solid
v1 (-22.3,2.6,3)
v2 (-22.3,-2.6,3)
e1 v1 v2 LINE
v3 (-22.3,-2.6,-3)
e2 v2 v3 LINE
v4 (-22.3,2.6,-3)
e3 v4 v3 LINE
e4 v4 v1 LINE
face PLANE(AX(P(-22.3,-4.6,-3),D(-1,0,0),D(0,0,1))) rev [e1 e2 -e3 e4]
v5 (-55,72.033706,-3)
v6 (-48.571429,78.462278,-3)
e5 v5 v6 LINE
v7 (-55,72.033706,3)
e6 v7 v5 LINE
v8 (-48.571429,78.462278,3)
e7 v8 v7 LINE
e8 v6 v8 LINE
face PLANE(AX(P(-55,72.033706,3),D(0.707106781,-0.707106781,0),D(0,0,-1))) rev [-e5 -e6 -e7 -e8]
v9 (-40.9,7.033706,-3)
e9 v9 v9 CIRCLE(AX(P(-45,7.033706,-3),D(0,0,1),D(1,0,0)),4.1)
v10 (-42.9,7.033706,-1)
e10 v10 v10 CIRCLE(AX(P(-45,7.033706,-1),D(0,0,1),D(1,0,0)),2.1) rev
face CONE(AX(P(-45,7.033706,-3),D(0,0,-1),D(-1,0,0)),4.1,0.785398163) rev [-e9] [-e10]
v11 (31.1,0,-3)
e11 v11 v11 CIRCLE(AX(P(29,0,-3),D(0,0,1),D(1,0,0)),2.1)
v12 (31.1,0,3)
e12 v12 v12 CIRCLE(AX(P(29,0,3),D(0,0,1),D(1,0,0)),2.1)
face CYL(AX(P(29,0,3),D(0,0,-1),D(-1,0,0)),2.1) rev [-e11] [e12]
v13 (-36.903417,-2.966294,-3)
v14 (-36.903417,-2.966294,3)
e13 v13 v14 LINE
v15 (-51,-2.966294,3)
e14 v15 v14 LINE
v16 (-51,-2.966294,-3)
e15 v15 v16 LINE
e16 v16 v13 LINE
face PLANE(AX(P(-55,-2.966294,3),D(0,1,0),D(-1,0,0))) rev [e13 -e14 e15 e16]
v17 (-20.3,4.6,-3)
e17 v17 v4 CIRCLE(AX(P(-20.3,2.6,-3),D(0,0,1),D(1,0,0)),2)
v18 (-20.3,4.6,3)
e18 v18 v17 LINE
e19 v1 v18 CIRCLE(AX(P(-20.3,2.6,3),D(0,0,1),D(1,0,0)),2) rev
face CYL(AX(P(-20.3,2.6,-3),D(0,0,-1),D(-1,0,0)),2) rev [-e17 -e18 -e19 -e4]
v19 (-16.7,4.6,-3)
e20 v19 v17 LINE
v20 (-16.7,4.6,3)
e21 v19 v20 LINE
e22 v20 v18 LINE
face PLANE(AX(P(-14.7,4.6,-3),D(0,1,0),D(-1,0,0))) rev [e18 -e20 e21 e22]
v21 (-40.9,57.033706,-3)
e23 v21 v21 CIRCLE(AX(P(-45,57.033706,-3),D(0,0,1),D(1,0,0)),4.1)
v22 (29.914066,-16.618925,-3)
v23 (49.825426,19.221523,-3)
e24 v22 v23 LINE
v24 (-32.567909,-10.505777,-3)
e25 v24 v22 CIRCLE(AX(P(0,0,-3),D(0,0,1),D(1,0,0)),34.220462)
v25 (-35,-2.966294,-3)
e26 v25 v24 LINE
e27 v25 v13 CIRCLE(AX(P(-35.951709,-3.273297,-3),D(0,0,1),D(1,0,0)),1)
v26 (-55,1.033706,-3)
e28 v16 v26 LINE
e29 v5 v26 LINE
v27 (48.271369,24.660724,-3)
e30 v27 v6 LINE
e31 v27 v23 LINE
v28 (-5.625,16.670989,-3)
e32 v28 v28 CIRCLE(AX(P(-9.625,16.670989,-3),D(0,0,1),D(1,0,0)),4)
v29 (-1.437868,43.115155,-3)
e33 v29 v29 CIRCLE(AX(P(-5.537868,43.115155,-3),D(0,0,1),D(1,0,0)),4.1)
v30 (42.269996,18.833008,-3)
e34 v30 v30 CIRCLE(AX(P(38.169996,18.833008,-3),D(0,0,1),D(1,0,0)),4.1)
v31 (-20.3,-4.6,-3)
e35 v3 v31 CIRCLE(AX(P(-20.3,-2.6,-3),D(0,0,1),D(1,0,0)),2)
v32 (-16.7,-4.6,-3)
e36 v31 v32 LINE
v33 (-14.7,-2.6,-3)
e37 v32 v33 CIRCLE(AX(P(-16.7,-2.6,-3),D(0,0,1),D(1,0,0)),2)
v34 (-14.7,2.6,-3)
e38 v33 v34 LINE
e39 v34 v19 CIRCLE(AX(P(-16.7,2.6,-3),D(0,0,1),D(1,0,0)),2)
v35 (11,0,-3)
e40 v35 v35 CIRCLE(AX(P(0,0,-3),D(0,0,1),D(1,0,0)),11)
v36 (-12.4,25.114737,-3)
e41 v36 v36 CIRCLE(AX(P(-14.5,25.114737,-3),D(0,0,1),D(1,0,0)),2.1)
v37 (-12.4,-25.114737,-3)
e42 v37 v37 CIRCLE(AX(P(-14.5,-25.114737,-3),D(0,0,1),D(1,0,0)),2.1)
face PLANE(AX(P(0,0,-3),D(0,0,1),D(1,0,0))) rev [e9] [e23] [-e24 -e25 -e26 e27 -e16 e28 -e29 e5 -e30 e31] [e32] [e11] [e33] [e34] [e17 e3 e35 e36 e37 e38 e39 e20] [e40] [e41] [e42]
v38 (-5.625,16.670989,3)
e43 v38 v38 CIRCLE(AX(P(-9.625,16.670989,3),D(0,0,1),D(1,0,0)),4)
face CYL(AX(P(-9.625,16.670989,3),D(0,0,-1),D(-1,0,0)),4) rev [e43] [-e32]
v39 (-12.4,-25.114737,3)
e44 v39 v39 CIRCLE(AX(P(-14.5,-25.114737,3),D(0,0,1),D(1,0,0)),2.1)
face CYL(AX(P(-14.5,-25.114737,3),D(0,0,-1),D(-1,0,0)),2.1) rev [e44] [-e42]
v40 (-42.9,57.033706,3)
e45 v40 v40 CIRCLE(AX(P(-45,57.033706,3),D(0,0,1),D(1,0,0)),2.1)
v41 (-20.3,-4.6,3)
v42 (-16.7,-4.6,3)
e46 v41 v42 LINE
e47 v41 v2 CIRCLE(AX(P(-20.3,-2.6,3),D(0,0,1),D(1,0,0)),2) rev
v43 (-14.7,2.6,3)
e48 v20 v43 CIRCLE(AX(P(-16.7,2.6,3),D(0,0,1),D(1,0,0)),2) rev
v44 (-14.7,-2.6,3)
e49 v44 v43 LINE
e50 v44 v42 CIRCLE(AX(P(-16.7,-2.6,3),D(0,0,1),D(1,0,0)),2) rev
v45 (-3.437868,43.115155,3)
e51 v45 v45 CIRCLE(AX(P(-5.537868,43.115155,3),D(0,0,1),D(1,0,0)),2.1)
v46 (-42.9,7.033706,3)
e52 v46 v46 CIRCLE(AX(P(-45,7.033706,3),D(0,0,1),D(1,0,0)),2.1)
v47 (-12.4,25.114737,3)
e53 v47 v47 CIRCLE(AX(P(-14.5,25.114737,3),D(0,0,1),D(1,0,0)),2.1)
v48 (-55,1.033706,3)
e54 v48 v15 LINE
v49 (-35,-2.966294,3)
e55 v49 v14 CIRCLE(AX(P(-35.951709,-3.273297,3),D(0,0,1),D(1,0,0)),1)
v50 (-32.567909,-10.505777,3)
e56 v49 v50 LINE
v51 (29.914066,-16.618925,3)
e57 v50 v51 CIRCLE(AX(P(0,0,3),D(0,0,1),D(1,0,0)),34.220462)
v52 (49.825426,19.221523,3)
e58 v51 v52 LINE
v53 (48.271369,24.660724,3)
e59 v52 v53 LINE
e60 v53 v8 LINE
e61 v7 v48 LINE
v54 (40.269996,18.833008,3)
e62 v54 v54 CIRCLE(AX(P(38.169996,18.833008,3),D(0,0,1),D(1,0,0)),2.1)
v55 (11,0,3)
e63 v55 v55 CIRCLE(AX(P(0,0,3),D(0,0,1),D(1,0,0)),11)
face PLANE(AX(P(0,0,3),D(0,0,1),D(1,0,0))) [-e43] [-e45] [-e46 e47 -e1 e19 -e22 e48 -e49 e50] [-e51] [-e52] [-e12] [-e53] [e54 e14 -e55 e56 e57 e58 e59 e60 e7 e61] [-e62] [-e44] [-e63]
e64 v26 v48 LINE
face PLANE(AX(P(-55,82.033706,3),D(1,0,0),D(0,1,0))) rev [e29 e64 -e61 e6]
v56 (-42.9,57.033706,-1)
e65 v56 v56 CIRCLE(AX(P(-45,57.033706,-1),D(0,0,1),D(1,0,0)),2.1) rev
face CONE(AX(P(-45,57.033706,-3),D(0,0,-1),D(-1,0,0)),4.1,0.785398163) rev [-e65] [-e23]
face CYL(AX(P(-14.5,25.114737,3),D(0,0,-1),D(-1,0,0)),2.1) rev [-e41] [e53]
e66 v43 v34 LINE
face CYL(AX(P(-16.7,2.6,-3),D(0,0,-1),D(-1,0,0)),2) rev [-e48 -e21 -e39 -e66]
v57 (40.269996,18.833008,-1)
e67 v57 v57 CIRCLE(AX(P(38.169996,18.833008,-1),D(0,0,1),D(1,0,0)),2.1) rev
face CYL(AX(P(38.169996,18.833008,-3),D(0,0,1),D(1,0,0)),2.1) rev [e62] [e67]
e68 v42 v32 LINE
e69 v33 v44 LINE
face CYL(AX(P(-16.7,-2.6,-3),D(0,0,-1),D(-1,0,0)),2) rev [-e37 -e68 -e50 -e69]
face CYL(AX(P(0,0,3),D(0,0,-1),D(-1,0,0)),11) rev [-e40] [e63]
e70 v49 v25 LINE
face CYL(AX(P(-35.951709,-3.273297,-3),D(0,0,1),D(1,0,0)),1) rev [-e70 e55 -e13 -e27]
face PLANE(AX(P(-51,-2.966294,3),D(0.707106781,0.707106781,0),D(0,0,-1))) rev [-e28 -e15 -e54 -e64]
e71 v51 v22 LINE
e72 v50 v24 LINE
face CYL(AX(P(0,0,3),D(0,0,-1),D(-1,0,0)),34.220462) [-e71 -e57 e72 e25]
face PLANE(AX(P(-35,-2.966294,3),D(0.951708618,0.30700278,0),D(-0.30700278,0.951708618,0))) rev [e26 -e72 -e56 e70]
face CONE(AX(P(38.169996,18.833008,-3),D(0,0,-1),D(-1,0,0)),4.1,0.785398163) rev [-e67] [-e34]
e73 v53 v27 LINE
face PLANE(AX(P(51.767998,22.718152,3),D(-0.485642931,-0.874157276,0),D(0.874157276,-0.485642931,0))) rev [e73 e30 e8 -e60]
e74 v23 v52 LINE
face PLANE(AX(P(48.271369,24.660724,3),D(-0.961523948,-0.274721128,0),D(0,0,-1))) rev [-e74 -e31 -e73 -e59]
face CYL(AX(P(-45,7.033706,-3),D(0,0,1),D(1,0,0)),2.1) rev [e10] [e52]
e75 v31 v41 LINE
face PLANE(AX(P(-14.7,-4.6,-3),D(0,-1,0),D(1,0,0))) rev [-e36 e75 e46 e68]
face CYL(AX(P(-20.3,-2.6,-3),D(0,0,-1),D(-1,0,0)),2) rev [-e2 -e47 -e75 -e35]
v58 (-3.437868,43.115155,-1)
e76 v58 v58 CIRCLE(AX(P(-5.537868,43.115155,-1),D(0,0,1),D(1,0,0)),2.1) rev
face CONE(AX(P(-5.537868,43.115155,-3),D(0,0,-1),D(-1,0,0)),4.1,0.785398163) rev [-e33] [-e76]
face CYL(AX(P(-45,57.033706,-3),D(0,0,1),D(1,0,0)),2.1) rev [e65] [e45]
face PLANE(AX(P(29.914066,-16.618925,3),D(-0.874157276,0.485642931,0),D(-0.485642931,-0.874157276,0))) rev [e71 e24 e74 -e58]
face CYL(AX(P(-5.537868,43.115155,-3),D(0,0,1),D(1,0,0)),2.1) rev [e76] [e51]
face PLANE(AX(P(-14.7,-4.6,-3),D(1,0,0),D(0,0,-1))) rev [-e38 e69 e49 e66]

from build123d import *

# Parameters (mm, degrees)
SKETCH_1_R          = 2.1
SKETCH_1_R_2        = 4
SKETCH_1_R_3        = 11
EXTRUDE_1_DEPTH     = 3
SKETCH_3_R          = 1
SKETCH_3_R_2        = 2.1
CUT_EXTRUDE_1_DEPTH = 99.947101842
CHAMFER_2_SIZE      = 4
CHAMFER_3_SIZE      = 10
CHAMFER_3_SIZE2     = 7.354021529
SKETCH_4_W          = 7.6
SKETCH_4_H          = 9.2
CUT_EXTRUDE_2_DEPTH = 97.00692173
FILLET_1_R          = 2
SKETCH_5_R          = 2.1
CUT_EXTRUDE_3_DEPTH = 97.00692173
CHAMFER_1_SIZE      = 2


with BuildPart() as part:
    # 草图1 → 凸台-拉伸1 (new, symmetric)
    with BuildSketch(Plane.XY):
        with BuildLine():
            Line((-55, 82.03370626), (-55, -2.96629374))
            Line((-55, -2.96629374), (-35, -2.96629374))
            Line((-35, -2.96629374), (-32.567908633, -10.505776978))
            ThreePointArc((-32.567908633, -10.505776978), (-3.332171442, -34.057842799), (29.91406589, -16.618925494))
            Line((29.91406589, -16.618925494), (51.767997793, 22.718151931))
            Line((51.767997793, 22.718151931), (-55, 82.03370626))
        make_face()
        with Locations((29, 0)):
            Circle(SKETCH_1_R, mode=Mode.SUBTRACT)
        with Locations((-14.5, -25.11473671)):
            Circle(SKETCH_1_R, mode=Mode.SUBTRACT)
        with Locations((-14.5, 25.11473671)):
            Circle(SKETCH_1_R, mode=Mode.SUBTRACT)
        with Locations((-9.625, 16.670989023)):
            Circle(SKETCH_1_R_2, mode=Mode.SUBTRACT)
        Circle(SKETCH_1_R_3, mode=Mode.SUBTRACT)
    extrude(amount=EXTRUDE_1_DEPTH, both=True)

    # 草图3 → 切除-拉伸1 (cut, through all)
    with BuildSketch(Plane.XY.offset(3)):
        with Locations((-35.951708618, -3.273296519)):
            Circle(SKETCH_3_R)
        with Locations((-45, 7.03370626)):
            Circle(SKETCH_3_R_2)
        with Locations((-45, 57.03370626)):
            Circle(SKETCH_3_R_2)
    extrude(amount=-CUT_EXTRUDE_1_DEPTH, mode=Mode.SUBTRACT)

    # 倒角2
    chamfer_2_edges = [part.edges().sort_by_distance(p)[0] for p in [
        (51.767997793, 22.718151931, 0),
        (-55, -2.96629374, 0),
    ]]
    chamfer(chamfer_2_edges, length=CHAMFER_2_SIZE)

    # 倒角3
    chamfer_3_edges = [part.edges().sort_by_distance(p)[0] for p in [
        (-55, 82.03370626, 0),
    ]]
    chamfer_3_side = [part.faces().sort_by_distance(p)[0] for p in [
        (-55, 41.53370626, 0),
    ]]
    chamfer(chamfer_3_edges, length=CHAMFER_3_SIZE, length2=CHAMFER_3_SIZE2, reference=chamfer_3_side[0])

    # 草图4 → 切除-拉伸2 (cut, through all)
    with BuildSketch(Plane.XY.offset(3)):
        with Locations((-18.5, 0)):
            Rectangle(SKETCH_4_W, SKETCH_4_H)
    extrude(amount=-CUT_EXTRUDE_2_DEPTH, mode=Mode.SUBTRACT)

    # 圆角1
    fillet_1_edges = [part.edges().sort_by_distance(p)[0] for p in [
        (-14.7, 4.6, 0),
        (-14.7, -4.6, 0),
        (-22.3, -4.6, 0),
        (-22.3, 4.6, 0),
    ]]
    fillet(fillet_1_edges, radius=FILLET_1_R)

    # 草图5 → 切除-拉伸3 (cut, through all)
    with BuildSketch(Plane.XY.offset(3)):
        with Locations((-5.537868087, 43.115155041)):
            Circle(SKETCH_5_R)
        with Locations((38.16999572, 18.833008482)):
            Circle(SKETCH_5_R)
    extrude(amount=-CUT_EXTRUDE_3_DEPTH, mode=Mode.SUBTRACT)

    # 倒角1
    chamfer_1_edges = [part.edges().sort_by_distance(p)[0] for p in [
        (-7.637868087, 43.115155041, -3),
        (36.06999572, 18.833008482, -3),
        (-47.1, 7.03370626, -3),
        (-47.1, 57.03370626, -3),
    ]]
    chamfer(chamfer_1_edges, length=CHAMFER_1_SIZE)


solid = part.part
